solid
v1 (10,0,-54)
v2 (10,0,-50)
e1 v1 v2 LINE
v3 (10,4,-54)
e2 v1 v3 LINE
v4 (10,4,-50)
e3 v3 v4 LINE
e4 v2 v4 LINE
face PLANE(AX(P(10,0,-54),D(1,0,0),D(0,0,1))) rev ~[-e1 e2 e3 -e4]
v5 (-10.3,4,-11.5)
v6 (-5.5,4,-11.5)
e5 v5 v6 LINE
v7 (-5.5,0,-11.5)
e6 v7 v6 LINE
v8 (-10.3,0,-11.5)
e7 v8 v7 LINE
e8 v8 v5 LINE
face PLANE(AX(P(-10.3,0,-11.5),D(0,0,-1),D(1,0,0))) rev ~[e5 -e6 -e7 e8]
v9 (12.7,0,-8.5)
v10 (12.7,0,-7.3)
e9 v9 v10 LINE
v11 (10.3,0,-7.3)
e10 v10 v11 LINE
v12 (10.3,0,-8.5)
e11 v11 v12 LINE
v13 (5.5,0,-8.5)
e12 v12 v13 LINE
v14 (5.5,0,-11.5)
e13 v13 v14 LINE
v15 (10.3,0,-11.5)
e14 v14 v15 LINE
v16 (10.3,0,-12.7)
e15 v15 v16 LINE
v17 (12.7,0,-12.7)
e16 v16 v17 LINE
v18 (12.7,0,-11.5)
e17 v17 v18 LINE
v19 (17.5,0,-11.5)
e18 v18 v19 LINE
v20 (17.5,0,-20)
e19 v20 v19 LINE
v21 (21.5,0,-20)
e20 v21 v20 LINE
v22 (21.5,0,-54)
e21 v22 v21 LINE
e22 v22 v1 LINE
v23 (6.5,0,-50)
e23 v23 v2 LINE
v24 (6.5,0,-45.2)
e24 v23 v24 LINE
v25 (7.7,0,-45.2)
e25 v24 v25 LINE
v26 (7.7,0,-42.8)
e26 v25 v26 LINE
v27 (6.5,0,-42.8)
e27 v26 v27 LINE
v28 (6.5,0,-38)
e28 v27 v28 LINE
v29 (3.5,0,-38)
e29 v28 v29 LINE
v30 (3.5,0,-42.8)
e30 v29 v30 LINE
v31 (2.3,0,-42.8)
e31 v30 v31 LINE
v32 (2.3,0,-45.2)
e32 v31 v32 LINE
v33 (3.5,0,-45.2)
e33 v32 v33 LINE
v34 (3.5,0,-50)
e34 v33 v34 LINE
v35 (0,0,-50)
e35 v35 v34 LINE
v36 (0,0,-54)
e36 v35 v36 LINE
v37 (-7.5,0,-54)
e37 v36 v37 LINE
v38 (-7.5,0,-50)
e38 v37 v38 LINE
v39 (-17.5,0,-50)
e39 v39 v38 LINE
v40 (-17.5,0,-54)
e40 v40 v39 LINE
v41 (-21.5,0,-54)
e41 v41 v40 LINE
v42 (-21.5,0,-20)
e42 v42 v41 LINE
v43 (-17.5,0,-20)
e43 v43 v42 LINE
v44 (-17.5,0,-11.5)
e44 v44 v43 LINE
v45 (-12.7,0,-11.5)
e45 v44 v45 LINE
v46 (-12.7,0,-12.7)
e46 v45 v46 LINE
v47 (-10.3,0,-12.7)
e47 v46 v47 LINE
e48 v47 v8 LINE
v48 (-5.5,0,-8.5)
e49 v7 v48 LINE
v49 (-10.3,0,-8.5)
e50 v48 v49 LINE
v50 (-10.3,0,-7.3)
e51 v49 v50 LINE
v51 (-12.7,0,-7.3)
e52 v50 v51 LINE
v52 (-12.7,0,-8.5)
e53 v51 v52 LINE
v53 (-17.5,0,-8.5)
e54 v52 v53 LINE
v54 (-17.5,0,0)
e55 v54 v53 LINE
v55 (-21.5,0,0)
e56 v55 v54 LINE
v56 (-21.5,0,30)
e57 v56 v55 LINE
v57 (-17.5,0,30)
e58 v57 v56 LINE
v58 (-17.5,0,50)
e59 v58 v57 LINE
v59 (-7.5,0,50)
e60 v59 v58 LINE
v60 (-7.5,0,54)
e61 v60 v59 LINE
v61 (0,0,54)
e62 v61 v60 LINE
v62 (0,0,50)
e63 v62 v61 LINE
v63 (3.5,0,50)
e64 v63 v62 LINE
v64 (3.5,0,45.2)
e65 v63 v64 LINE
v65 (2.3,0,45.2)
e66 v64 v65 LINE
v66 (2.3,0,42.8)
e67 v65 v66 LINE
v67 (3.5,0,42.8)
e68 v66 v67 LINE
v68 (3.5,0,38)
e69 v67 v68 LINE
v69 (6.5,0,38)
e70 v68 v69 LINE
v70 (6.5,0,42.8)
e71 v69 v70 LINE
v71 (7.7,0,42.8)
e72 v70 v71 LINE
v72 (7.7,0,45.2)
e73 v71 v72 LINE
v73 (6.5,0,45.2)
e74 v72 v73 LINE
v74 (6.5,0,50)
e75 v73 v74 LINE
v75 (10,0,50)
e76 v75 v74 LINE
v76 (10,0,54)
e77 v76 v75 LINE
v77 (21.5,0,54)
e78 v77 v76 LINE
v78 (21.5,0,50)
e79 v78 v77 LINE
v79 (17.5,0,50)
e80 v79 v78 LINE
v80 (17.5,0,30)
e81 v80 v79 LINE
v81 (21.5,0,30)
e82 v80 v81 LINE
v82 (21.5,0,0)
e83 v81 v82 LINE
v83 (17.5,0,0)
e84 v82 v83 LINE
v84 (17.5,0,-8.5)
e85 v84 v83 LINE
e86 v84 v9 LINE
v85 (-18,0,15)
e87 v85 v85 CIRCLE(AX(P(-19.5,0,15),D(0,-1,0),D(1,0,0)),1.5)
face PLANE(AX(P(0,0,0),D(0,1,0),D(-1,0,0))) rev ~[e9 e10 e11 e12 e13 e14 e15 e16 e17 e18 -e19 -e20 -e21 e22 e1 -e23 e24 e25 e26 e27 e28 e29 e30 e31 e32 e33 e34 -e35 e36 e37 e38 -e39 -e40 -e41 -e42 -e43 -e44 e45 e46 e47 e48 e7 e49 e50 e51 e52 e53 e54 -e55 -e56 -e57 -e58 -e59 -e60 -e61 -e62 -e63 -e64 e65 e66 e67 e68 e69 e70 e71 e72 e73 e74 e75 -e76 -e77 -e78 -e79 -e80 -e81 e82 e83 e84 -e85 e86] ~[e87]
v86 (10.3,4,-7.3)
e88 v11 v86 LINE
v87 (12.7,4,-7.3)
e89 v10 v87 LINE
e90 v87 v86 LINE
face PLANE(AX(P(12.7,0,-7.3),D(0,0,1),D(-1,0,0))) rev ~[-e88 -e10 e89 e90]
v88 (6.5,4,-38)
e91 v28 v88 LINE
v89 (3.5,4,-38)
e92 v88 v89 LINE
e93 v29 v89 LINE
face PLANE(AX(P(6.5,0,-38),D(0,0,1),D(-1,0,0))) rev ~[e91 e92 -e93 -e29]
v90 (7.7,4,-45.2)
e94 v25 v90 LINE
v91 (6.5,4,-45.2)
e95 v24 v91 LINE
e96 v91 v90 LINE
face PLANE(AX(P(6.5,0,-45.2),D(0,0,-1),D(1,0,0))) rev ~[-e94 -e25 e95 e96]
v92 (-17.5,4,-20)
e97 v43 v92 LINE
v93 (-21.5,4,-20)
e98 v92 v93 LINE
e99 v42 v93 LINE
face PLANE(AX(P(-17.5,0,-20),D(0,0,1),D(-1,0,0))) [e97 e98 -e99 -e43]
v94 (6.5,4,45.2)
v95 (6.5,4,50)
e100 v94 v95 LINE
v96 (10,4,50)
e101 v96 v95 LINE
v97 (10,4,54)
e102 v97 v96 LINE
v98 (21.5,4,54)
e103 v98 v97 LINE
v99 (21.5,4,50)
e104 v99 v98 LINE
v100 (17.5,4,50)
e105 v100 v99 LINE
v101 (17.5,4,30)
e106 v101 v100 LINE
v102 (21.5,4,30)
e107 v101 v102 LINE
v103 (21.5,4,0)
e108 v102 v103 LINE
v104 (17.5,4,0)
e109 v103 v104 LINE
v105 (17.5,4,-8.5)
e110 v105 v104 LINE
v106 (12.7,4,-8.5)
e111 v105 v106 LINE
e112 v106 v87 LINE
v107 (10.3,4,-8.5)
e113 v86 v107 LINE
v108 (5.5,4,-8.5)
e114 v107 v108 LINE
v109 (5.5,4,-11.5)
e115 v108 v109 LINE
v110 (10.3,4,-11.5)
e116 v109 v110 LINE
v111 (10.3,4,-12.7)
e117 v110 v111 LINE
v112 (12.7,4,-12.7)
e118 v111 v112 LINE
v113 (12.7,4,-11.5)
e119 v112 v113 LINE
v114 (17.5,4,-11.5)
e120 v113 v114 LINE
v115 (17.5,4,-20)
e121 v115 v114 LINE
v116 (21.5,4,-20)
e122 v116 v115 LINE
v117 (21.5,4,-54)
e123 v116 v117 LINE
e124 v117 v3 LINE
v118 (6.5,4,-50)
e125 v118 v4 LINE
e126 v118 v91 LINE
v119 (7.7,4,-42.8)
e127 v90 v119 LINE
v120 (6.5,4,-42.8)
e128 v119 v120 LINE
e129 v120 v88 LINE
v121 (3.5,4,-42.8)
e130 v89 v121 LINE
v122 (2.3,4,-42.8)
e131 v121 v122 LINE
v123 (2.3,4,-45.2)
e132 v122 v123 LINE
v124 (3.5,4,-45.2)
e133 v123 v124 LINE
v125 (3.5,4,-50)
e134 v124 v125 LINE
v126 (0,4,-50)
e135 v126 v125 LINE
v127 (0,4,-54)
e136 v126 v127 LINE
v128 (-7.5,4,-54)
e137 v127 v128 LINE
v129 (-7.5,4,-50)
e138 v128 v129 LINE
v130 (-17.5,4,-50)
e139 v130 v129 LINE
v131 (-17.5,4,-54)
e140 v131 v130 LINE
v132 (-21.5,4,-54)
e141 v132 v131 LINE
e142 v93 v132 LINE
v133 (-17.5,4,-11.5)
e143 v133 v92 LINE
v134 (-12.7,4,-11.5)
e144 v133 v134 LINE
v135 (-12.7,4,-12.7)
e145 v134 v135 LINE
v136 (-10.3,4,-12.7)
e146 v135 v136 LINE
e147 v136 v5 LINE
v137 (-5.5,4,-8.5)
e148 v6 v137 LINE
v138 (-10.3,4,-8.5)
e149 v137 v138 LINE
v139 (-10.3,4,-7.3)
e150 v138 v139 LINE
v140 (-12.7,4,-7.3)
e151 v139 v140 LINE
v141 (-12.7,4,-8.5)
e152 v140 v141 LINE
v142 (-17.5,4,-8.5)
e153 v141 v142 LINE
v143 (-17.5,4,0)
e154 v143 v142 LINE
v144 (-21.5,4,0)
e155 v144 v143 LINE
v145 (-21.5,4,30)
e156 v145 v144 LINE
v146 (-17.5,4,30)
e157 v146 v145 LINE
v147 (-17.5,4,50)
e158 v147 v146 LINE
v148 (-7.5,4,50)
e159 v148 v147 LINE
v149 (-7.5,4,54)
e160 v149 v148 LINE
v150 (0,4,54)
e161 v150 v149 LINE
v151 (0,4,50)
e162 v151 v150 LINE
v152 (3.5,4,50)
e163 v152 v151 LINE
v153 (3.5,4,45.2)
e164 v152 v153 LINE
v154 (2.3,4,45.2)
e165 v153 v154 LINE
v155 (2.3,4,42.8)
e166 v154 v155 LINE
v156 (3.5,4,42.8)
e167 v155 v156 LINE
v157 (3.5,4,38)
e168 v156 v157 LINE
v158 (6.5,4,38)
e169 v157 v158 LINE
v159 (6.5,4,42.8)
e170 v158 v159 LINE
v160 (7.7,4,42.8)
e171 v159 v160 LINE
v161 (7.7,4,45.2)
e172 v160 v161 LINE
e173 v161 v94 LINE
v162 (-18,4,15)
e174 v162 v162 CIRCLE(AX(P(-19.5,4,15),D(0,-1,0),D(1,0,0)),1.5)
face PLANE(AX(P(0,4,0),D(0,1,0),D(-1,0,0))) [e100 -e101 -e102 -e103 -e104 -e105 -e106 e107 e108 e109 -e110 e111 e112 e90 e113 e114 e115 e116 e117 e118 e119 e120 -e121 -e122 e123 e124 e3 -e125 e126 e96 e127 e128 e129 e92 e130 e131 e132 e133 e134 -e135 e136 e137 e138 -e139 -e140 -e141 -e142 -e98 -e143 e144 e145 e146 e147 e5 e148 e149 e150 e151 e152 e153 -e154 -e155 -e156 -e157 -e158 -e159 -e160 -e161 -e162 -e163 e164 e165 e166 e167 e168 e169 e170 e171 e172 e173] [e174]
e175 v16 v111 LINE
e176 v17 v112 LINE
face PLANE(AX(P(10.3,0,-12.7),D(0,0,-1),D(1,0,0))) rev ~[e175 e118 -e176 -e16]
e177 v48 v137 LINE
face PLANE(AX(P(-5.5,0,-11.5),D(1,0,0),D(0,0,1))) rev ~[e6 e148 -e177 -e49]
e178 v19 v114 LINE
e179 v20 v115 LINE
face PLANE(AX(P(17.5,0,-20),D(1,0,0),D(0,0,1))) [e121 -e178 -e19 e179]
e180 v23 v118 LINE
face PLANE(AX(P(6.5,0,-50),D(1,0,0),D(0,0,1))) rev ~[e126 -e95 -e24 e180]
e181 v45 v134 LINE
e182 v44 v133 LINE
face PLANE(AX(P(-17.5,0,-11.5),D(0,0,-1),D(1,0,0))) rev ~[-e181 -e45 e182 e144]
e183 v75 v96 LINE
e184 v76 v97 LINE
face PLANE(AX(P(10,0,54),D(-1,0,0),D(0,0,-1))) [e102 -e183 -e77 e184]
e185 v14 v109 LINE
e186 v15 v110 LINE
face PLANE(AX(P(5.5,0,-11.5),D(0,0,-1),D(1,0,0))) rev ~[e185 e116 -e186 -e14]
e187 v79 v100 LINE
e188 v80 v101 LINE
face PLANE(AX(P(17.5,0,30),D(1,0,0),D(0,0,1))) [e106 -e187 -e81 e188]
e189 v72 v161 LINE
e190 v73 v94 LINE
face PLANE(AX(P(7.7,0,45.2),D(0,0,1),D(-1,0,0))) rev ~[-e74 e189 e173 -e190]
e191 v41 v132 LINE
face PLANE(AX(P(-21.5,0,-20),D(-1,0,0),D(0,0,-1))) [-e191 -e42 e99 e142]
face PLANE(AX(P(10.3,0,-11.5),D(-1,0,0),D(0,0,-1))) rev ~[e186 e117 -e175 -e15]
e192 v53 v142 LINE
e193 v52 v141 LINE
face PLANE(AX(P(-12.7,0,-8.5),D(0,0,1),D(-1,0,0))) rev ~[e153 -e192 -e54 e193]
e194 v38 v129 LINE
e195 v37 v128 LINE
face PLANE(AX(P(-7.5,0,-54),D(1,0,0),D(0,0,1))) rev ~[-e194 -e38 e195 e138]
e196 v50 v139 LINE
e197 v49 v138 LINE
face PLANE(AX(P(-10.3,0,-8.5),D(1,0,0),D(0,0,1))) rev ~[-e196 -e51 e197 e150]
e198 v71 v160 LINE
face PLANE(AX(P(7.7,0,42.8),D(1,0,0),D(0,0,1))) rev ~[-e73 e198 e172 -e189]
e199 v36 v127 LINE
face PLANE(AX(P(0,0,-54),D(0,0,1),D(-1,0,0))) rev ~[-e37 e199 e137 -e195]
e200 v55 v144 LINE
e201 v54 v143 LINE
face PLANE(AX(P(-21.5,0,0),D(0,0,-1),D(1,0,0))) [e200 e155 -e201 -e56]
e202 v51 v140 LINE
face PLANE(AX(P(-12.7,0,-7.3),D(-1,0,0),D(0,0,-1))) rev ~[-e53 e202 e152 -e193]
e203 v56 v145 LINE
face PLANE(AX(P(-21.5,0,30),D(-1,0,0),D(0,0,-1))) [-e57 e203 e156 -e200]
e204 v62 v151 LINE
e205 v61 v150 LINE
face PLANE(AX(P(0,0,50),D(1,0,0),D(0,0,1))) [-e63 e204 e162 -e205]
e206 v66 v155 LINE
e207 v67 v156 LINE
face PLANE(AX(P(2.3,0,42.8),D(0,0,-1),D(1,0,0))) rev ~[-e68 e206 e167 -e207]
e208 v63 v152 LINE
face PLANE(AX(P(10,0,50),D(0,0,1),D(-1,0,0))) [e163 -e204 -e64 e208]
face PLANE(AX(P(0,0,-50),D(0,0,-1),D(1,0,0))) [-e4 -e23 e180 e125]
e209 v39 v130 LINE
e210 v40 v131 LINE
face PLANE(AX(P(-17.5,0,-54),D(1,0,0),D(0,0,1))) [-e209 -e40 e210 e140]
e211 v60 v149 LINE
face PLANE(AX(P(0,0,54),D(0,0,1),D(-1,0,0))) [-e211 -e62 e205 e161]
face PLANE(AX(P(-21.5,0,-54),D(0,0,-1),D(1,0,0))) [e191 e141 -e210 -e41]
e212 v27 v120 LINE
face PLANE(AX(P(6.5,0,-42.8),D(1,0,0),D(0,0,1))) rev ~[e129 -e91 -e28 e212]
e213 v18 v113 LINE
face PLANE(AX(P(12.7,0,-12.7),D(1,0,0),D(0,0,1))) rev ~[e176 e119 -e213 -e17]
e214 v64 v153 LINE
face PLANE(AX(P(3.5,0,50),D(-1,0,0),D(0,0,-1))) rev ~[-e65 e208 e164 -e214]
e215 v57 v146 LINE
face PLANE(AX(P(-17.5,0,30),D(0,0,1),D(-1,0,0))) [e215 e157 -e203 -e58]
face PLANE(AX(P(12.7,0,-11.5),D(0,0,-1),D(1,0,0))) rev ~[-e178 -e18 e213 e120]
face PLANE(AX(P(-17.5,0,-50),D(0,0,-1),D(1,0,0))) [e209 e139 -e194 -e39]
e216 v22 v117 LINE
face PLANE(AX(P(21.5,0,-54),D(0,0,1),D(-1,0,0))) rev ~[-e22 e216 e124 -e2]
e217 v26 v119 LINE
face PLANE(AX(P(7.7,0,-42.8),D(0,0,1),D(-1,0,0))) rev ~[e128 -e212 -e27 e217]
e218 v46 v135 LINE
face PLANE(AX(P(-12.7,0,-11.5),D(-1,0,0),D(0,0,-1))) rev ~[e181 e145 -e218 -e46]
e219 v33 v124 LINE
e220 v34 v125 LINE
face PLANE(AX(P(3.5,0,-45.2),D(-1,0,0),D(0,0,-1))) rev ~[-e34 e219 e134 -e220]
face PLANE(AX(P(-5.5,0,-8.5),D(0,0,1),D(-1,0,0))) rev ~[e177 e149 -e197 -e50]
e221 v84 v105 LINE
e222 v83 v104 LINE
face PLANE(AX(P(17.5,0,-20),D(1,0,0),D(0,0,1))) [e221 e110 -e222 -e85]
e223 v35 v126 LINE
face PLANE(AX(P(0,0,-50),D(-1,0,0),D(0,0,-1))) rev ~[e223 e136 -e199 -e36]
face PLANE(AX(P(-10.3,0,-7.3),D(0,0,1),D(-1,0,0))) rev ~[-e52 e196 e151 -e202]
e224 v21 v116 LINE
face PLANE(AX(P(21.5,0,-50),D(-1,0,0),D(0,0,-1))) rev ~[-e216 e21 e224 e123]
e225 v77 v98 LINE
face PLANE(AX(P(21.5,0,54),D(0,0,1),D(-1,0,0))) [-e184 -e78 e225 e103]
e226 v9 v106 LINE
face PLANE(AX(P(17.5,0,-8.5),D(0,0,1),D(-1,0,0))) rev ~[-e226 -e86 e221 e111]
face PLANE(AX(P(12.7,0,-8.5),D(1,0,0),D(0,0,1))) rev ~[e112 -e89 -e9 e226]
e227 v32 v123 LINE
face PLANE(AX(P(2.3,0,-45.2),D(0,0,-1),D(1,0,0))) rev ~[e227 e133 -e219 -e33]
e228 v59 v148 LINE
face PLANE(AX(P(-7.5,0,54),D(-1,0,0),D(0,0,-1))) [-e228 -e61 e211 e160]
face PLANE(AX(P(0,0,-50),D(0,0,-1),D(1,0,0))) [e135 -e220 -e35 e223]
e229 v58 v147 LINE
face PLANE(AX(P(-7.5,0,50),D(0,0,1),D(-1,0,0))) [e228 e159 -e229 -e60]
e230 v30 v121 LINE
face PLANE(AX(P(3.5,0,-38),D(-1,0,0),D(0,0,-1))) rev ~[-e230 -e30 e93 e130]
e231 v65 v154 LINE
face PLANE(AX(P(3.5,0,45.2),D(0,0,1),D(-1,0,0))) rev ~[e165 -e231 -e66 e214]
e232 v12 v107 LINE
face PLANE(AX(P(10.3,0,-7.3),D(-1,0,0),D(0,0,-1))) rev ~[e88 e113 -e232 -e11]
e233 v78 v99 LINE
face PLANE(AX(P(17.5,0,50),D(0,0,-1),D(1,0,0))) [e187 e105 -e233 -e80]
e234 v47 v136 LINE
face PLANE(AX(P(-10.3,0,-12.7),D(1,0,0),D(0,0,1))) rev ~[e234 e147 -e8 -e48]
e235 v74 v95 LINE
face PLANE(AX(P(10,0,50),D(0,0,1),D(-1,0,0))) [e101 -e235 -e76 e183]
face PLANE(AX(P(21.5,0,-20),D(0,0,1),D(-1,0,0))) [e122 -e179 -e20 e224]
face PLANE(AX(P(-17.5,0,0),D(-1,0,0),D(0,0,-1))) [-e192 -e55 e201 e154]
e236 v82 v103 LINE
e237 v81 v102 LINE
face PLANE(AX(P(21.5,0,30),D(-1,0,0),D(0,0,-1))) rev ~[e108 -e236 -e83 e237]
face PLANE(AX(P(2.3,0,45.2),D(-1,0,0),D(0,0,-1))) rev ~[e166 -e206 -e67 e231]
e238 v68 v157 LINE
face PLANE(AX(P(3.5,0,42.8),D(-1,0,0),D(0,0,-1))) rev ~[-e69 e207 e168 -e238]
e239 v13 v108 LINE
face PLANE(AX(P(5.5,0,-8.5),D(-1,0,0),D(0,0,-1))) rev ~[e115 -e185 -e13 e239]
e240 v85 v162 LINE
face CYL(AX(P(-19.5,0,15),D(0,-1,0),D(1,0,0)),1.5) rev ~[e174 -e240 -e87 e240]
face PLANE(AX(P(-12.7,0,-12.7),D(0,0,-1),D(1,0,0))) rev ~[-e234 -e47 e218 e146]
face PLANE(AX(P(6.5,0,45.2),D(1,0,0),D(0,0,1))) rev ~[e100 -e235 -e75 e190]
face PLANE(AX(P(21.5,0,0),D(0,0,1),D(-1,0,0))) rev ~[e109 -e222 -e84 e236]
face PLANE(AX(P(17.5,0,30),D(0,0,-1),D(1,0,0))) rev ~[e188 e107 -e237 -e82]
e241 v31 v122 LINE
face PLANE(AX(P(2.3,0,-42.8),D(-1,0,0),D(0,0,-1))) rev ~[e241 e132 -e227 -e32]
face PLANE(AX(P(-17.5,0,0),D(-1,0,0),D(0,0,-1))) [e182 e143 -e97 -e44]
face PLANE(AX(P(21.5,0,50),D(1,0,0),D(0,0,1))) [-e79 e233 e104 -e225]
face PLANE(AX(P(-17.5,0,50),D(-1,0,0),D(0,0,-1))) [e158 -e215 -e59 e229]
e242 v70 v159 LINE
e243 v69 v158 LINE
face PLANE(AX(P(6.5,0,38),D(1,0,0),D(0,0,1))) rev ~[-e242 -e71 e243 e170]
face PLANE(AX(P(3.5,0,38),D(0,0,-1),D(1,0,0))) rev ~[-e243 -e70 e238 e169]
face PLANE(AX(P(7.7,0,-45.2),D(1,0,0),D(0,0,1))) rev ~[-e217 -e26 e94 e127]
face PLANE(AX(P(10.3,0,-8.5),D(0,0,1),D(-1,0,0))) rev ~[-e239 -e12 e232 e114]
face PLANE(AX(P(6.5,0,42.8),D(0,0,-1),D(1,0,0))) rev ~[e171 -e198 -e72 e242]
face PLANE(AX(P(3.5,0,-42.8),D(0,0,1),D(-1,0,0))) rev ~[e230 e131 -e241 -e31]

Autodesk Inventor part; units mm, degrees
ref_plane "YZ Plane" through (0, 0, 0) normal (1, 0, 0) x (0, 1, 0)
ref_plane "XZ Plane" through (0, 0, 0) normal (0, 1, 0) x (-1, 0, 0)
ref_plane "XY Plane" through (0, 0, 0) normal (0, 0, 1) x (1, 0, 0)
sketch "Sketch1" plane through (0, 0, 0) normal (0, 1, 0) x (-1, 0, 0)
  line L0 (-17.5, 50) -> (17.5, 50)
  line L1 (17.5, 50) -> (17.5, -50)
  line L2 (17.5, -50) -> (-17.5, -50)
  line L3 (-17.5, -50) -> (-17.5, 50)
  line L4 (-17.5, 50) -> (17.5, -50) construction
  line L5 (17.5, 50) -> (-17.5, -50) construction
  line L6 (7.5, 50) -> (0, 50)
  line L7 (0, 50) -> (0, 54)
  line L8 (0, 54) -> (7.5, 54)
  line L9 (7.5, 54) -> (7.5, 50)
  line L10 (-10, 50) -> (-21.5, 50)
  line L11 (-21.5, 50) -> (-21.5, 54)
  line L12 (-21.5, 54) -> (-10, 54)
  line L13 (-10, 54) -> (-10, 50)
  line L14 (17.5, 30) -> (21.5, 30)
  line L15 (21.5, 30) -> (21.5, 0)
  line L16 (21.5, 0) -> (17.5, 0)
  line L17 (17.5, 0) -> (17.5, 30)
  line L18 (17.5, -20) -> (21.5, -20)
  line L19 (21.5, -20) -> (21.5, -54)
  line L20 (21.5, -54) -> (17.5, -54)
  line L21 (17.5, -54) -> (17.5, -20)
  line L22 (7.5, -50) -> (0, -50)
  line L23 (0, -50) -> (0, -54)
  line L24 (0, -54) -> (7.5, -54)
  line L25 (7.5, -54) -> (7.5, -50)
  line L26 (-10, -50) -> (-21.5, -50)
  line L27 (-21.5, -50) -> (-21.5, -54)
  line L28 (-21.5, -54) -> (-10, -54)
  line L29 (-10, -54) -> (-10, -50)
  line L30 (-17.5, 30) -> (-21.5, 30)
  line L31 (-21.5, 30) -> (-21.5, 0)
  line L32 (-21.5, 0) -> (-17.5, 0)
  line L33 (-17.5, 0) -> (-17.5, 30)
  line L34 (-17.5, -50) -> (-21.5, -50)
  line L35 (-21.5, -50) -> (-21.5, -20)
  line L36 (-21.5, -20) -> (-17.5, -20)
  line L37 (-17.5, -20) -> (-17.5, -50)
  point P0 (0, 0)
  point P1 (17.5, 0)
  point P2 (-17.5, 50)
  point P3 (-17.5, 0)
  point P4 (17.5, -50)
  point P5 (19.5, -54)
  dimension "d0" = 35
  dimension "d2" = 7.5
  dimension "d3" = 4
  dimension "d4" = 11.5
  dimension "d5" = 4
  dimension "d6" = 10
  dimension "d7" = 10
  dimension "d8" = 4
  dimension "d9" = 30
  dimension "d10" = 4
  dimension "d11" = 34
  dimension "d12" = 20
  dimension "d13" = 20
  dimension "d14" = 7.5
  dimension "d15" = 4
  dimension "d16" = 11.5
  dimension "d17" = 4
  dimension "d18" = 10
  dimension "d19" = 10
  dimension "d20" = 4
  dimension "d21" = 30
  dimension "d22" = 20
  dimension "d23" = 4
  dimension "d24" = 30
  dimension "d27" = 4
extrude "Extrusion1" add sketch "Sketch1" along normal blind 4
sketch "Sketch2" plane through (0, 0, 0) normal (0, -1, 0) x (1, 0, 0)
  line L0 (6.5, 45.2) -> (6.5, 50) projected
  line L1 (6.5, 50) -> (10, 50) construction
  line L2 (10, 50) -> (10, 54) construction
  line L3 (10, 54) -> (21.5, 54) construction
  line L4 (21.5, 54) -> (21.5, 50) construction
  line L5 (21.5, 50) -> (17.5, 50) construction
  line L6 (17.5, 50) -> (17.5, 30) construction
  line L7 (17.5, 30) -> (21.5, 30) construction
  line L8 (21.5, 30) -> (21.5, 0) construction
  line L9 (21.5, 0) -> (17.5, 0) construction
  line L10 (17.5, 0) -> (17.5, -8.5) construction
  line L11 (17.5, -8.5) -> (12.7, -8.5) projected
  line L12 (12.7, -8.5) -> (12.7, -7.3) projected
  line L13 (12.7, -7.3) -> (10.3, -7.3) projected
  line L14 (10.3, -7.3) -> (10.3, -8.5) projected
  line L15 (10.3, -8.5) -> (5.5, -8.5) projected
  line L16 (5.5, -8.5) -> (5.5, -11.5) projected
  line L17 (5.5, -11.5) -> (10.3, -11.5) projected
  line L18 (10.3, -11.5) -> (10.3, -12.7) projected
  line L19 (10.3, -12.7) -> (12.7, -12.7) projected
  line L20 (12.7, -12.7) -> (12.7, -11.5) projected
  line L21 (12.7, -11.5) -> (17.5, -11.5) projected
  line L22 (17.5, -11.5) -> (17.5, -20) construction
  line L23 (17.5, -20) -> (21.5, -20) construction
  line L24 (21.5, -20) -> (21.5, -54) construction
  line L25 (21.5, -54) -> (10, -54) construction
  line L26 (10, -54) -> (10, -50) construction
  line L27 (10, -50) -> (6.5, -50) construction
  line L28 (6.5, -50) -> (6.5, -45.2) projected
  line L29 (6.5, -45.2) -> (7.7, -45.2) projected
  line L30 (7.7, -45.2) -> (7.7, -42.8) projected
  line L31 (7.7, -42.8) -> (6.5, -42.8) projected
  line L32 (6.5, -42.8) -> (6.5, -38) projected
  line L33 (6.5, -38) -> (3.5, -38) projected
  line L34 (3.5, -38) -> (3.5, -42.8) projected
  line L35 (3.5, -42.8) -> (2.3, -42.8) projected
  line L36 (2.3, -42.8) -> (2.3, -45.2) projected
  line L37 (2.3, -45.2) -> (3.5, -45.2) projected
  line L38 (3.5, -45.2) -> (3.5, -50) projected
  line L39 (3.5, -50) -> (0, -50) projected
  line L40 (0, -50) -> (0, -54) construction
  line L41 (0, -54) -> (-7.5, -54) construction
  line L42 (-7.5, -54) -> (-7.5, -50) construction
  line L43 (-7.5, -50) -> (-17.5, -50) construction
  line L44 (-17.5, -50) -> (-17.5, -54) construction
  line L45 (-17.5, -54) -> (-21.5, -54) construction
  line L46 (-21.5, -54) -> (-21.5, -20) construction
  line L47 (-21.5, -20) -> (-17.5, -20) construction
  line L48 (-17.5, -20) -> (-17.5, -11.5) construction
  line L49 (-17.5, -11.5) -> (-12.7, -11.5) projected
  line L50 (-12.7, -11.5) -> (-12.7, -12.7) projected
  line L51 (-12.7, -12.7) -> (-10.3, -12.7) projected
  line L52 (-10.3, -12.7) -> (-10.3, -11.5) projected
  line L53 (-10.3, -11.5) -> (-5.5, -11.5) projected
  line L54 (-5.5, -11.5) -> (-5.5, -8.5) projected
  line L55 (-5.5, -8.5) -> (-10.3, -8.5) projected
  line L56 (-10.3, -8.5) -> (-10.3, -7.3) projected
  line L57 (-10.3, -7.3) -> (-12.7, -7.3) projected
  line L58 (-12.7, -7.3) -> (-12.7, -8.5) projected
  line L59 (-12.7, -8.5) -> (-17.5, -8.5) projected
  line L60 (-17.5, -8.5) -> (-17.5, 0) construction
  line L61 (-17.5, 0) -> (-21.5, 0) construction
  line L62 (-21.5, 0) -> (-21.5, 30) construction
  line L63 (-21.5, 30) -> (-17.5, 30) construction
  line L64 (-17.5, 30) -> (-17.5, 50) construction
  line L65 (-17.5, 50) -> (-7.5, 50) construction
  line L66 (-7.5, 50) -> (-7.5, 54) construction
  line L67 (-7.5, 54) -> (0, 54) construction
  line L68 (0, 54) -> (0, 50) construction
  line L69 (0, 50) -> (3.5, 50) projected
  line L70 (3.5, 50) -> (3.5, 45.2) projected
  line L71 (3.5, 45.2) -> (2.3, 45.2) projected
  line L72 (2.3, 45.2) -> (2.3, 42.8) projected
  line L73 (2.3, 42.8) -> (3.5, 42.8) projected
  line L74 (3.5, 42.8) -> (3.5, 38) projected
  line L75 (3.5, 38) -> (6.5, 38) projected
  line L76 (6.5, 38) -> (6.5, 42.8) projected
  line L77 (6.5, 42.8) -> (7.7, 42.8) projected
  line L78 (7.7, 42.8) -> (7.7, 45.2) projected
  line L79 (7.7, 45.2) -> (6.5, 45.2) projected
  circle A0 centre (-19.5, 15) radius 1.5 projected
  line L80 (3.5, 50) -> (6.5, 50)
  line L81 (0, 50) -> (10, 50) projected
  line L82 (-17.5, -8.5) -> (-17.5, -11.5)
  line L83 (3.5, -50) -> (6.5, -50)
  line L84 (10, -50) -> (0, -50) projected
  line L85 (17.5, -11.5) -> (17.5, -8.5)
  point P0 (0, 0)
extrude "Extrusion2" cut sketch "Sketch2" against normal up to next
properties part number "FloorButtonHolder_Bottom_V1" material "MDF Medium Density Fiberboard"
